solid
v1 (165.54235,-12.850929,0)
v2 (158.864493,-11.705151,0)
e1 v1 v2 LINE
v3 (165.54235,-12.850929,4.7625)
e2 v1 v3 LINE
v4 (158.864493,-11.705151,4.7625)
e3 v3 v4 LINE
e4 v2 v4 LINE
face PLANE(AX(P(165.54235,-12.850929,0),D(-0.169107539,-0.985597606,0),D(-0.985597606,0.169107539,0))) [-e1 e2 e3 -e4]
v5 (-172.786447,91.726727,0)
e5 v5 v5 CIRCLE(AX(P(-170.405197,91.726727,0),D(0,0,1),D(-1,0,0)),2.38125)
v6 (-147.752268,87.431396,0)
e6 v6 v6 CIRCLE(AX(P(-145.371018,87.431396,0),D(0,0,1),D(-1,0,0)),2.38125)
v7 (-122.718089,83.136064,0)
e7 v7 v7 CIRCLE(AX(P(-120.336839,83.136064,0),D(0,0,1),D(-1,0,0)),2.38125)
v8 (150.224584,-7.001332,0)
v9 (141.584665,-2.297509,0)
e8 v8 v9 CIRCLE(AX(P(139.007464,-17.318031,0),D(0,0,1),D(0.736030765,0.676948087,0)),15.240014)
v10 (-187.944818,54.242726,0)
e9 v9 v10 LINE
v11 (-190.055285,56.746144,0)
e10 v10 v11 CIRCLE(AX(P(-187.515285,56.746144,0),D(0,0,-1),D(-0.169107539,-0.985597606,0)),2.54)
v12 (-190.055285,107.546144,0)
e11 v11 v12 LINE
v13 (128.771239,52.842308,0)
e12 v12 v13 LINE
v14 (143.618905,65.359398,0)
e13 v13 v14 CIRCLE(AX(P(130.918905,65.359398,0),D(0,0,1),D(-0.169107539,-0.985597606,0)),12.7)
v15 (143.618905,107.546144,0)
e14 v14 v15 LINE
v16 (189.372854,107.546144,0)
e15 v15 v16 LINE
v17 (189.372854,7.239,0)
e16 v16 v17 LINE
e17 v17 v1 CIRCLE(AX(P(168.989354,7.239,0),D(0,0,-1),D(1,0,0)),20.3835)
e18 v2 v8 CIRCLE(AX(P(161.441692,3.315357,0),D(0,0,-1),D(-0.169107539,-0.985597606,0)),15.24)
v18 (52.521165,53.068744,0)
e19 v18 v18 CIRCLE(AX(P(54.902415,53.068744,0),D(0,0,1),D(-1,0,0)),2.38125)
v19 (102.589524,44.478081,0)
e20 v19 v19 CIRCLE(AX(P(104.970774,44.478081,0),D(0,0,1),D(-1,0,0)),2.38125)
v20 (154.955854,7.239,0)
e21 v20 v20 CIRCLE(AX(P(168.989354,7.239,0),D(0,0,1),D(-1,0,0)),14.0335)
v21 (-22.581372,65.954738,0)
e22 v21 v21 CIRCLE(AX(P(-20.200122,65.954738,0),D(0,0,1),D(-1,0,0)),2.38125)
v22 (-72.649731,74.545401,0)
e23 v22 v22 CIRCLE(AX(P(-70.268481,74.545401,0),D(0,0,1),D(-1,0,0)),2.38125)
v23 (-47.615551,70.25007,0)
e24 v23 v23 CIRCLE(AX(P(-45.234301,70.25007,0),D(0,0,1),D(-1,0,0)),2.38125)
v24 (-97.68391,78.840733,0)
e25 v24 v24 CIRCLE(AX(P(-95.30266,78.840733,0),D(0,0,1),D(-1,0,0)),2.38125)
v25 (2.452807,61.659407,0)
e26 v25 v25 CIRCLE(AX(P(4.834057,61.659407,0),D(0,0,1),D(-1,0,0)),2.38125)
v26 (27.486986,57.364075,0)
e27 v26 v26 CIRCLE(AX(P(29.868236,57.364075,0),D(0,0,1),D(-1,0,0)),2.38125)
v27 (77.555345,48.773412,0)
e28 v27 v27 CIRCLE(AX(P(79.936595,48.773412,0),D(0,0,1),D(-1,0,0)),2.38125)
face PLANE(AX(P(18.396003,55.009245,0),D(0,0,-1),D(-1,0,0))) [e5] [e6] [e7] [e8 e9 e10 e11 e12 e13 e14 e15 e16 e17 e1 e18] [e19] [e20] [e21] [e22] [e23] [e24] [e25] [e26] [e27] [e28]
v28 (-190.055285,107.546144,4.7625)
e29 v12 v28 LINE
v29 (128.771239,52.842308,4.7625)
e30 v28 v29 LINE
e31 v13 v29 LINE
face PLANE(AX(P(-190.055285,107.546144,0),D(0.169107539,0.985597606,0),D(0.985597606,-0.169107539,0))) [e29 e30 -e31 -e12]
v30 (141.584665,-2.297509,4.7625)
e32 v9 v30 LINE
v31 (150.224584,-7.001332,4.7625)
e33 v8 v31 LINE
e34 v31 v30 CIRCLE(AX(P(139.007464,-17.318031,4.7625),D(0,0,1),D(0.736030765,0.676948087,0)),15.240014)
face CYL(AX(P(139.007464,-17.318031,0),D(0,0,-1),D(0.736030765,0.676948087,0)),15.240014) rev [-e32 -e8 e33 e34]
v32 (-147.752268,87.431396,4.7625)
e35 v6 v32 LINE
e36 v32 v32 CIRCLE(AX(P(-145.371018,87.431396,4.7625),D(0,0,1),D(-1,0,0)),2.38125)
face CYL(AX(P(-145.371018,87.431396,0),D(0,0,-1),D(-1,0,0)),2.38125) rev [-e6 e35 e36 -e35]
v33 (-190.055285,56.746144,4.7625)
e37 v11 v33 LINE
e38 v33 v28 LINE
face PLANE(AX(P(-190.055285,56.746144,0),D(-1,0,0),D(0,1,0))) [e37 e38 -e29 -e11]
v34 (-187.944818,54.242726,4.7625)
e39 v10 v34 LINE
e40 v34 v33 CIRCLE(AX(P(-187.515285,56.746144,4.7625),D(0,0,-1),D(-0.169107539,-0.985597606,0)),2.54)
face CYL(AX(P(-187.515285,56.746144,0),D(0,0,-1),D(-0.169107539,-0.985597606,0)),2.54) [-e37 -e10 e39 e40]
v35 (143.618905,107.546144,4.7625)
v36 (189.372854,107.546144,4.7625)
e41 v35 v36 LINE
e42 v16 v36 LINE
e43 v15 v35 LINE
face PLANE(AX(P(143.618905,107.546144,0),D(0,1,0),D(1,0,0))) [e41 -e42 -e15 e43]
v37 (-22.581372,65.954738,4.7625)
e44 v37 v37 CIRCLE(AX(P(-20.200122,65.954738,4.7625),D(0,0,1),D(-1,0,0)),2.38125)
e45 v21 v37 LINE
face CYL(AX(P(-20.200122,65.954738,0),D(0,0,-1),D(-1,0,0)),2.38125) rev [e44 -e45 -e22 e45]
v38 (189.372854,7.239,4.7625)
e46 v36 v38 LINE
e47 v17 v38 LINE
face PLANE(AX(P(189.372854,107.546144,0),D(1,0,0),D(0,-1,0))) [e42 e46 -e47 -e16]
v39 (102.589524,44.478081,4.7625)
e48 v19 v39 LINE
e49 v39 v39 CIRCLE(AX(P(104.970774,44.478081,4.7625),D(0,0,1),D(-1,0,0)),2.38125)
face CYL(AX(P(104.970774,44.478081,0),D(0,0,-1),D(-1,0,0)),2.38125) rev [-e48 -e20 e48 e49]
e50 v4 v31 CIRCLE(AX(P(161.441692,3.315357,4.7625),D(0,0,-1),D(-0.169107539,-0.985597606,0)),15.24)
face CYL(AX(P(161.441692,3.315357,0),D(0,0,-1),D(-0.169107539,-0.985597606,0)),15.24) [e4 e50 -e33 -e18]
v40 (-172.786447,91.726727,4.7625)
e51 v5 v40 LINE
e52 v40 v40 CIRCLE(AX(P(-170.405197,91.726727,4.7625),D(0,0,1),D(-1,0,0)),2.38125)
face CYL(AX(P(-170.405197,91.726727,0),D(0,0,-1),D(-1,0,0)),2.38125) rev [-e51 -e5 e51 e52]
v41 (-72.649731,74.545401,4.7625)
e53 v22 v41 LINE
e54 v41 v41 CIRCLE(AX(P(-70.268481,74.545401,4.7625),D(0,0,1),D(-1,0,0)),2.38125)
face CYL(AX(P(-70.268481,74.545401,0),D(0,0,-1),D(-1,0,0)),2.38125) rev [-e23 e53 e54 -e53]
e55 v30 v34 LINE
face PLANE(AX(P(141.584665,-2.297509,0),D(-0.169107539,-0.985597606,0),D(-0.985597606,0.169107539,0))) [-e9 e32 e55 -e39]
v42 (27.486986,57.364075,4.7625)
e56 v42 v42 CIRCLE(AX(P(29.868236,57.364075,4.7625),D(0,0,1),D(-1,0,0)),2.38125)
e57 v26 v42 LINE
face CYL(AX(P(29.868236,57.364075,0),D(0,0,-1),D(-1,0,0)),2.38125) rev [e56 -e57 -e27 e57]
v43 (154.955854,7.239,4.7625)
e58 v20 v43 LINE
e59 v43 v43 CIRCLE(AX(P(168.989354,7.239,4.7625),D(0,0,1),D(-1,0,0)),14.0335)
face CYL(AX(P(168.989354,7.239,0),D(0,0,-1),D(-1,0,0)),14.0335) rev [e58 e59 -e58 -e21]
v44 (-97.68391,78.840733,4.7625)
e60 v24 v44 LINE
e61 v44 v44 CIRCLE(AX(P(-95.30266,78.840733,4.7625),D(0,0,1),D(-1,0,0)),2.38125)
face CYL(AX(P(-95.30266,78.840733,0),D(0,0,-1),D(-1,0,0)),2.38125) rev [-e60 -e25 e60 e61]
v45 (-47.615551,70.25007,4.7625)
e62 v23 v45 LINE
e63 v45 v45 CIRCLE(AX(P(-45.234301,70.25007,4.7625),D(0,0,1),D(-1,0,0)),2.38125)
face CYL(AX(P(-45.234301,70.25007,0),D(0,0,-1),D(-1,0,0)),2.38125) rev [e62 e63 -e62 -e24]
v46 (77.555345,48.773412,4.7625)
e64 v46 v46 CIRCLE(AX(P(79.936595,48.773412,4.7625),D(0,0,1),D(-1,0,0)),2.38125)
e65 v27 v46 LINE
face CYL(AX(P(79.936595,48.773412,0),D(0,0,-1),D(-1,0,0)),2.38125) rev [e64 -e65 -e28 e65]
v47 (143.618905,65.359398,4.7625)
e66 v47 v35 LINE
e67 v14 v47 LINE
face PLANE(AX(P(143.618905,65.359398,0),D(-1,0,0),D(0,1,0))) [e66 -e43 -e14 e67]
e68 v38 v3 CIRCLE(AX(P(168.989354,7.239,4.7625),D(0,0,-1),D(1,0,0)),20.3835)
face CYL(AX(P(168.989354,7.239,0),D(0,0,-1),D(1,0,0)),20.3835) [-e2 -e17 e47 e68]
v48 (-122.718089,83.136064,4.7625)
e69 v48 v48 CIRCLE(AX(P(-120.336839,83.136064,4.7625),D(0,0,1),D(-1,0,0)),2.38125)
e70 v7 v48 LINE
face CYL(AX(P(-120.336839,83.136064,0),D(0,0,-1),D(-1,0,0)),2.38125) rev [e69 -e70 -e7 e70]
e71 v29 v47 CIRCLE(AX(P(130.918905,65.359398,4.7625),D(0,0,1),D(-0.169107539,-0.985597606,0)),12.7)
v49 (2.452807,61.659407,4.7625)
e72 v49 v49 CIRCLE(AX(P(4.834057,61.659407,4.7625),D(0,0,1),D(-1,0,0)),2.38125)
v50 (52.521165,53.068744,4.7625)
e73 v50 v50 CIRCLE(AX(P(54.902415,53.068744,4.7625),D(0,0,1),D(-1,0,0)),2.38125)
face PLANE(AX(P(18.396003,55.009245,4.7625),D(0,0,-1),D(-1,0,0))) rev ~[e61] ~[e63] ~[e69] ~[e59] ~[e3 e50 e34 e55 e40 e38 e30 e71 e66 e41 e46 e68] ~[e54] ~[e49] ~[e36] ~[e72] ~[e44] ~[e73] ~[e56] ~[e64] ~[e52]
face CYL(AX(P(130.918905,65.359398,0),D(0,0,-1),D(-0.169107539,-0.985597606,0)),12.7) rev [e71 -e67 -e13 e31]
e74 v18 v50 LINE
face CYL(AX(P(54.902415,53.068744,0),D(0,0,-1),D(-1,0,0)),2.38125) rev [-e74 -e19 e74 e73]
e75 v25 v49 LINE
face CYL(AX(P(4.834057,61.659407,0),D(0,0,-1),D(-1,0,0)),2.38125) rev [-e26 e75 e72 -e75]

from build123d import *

# Parameters (mm, degrees)
SKETCH1_R           = 14.0335
SKETCH1_R_2         = 2.38125
BOSS_EXTRUDE1_DEPTH = 4.7625
CUT_EXTRUDE1_DEPTH  = 219.425881909


with BuildPart() as part:
    # Sketch1 → Boss-Extrude1 (new body)
    with BuildSketch(Plane.XY):
        with BuildLine():
            Line((165.542350471, -12.850928795), (158.864493489, -11.70515089))
            ThreePointArc((158.864493489, -11.70515089), (154.154566121, -10.06953751), (150.224583517, -7.001332225))
            ThreePointArc((150.224583517, -7.001332225), (146.294597206, -3.933124046), (141.584665397, -2.297509122))
            Line((141.584665397, -2.297509122), (-187.944818486, 54.242725653))
            ThreePointArc((-187.944818486, 54.242725653), (-189.457270687, 55.108983561), (-190.055285337, 56.746143572))
            Line((-190.055285337, 56.746143572), (-190.055285337, 107.546143572))
            Line((-190.055285337, 107.546143572), (128.771239178, 52.842308466))
            ThreePointArc((128.771239178, 52.842308466), (139.104704977, 55.649471309), (143.618904922, 65.359398058))
            Line((143.618904922, 65.359398058), (143.618904922, 107.546143572))
            Line((143.618904922, 107.546143572), (189.37285399, 107.546143572))
            Line((189.37285399, 107.546143572), (189.37285399, 7.239))
            ThreePointArc((189.37285399, 7.239), (182.127563077, -8.345432433), (165.542350471, -12.850928795))
        make_face()
        with Locations(Location((168.98935399, 7.239, 0), (0, 0, 180))):
            Circle(SKETCH1_R, mode=Mode.SUBTRACT)
        with Locations(Location((104.970773751, 44.478080628, 0), (0, 0, 180))):
            Circle(SKETCH1_R_2, mode=Mode.SUBTRACT)
        with Locations(Location((79.936594567, 48.773412116, 0), (0, 0, 180))):
            Circle(SKETCH1_R_2, mode=Mode.SUBTRACT)
        with Locations(Location((54.902415383, 53.068743605, 0), (0, 0, 180))):
            Circle(SKETCH1_R_2, mode=Mode.SUBTRACT)
        with Locations(Location((29.868236199, 57.364075093, 0), (0, 0, 180))):
            Circle(SKETCH1_R_2, mode=Mode.SUBTRACT)
        with Locations(Location((4.834057015, 61.659406581, 0), (0, 0, 180))):
            Circle(SKETCH1_R_2, mode=Mode.SUBTRACT)
        with Locations(Location((-20.200122168, 65.95473807, 0), (0, 0, 180))):
            Circle(SKETCH1_R_2, mode=Mode.SUBTRACT)
        with Locations(Location((-45.234301352, 70.250069558, 0), (0, 0, 180))):
            Circle(SKETCH1_R_2, mode=Mode.SUBTRACT)
        with Locations(Location((-70.268480536, 74.545401047, 0), (0, 0, 180))):
            Circle(SKETCH1_R_2, mode=Mode.SUBTRACT)
        with Locations(Location((-170.405197271, 91.726727, 0), (0, 0, 180))):
            Circle(SKETCH1_R_2, mode=Mode.SUBTRACT)
        with Locations(Location((-145.371018087, 87.431395512, 0), (0, 0, 180))):
            Circle(SKETCH1_R_2, mode=Mode.SUBTRACT)
        with Locations(Location((-120.336838903, 83.136064023, 0), (0, 0, 180))):
            Circle(SKETCH1_R_2, mode=Mode.SUBTRACT)
        with Locations(Location((-95.30265972, 78.840732535, 0), (0, 0, 180))):
            Circle(SKETCH1_R_2, mode=Mode.SUBTRACT)
    extrude(amount=BOSS_EXTRUDE1_DEPTH)

    # Sketch3 → Cut-Extrude1 (cut, through all)
    with BuildSketch(Plane.XY.offset(4.7625)):
        with BuildLine():
            Line((125.87285399, 333.30748602), (115.993328583, 323.427960612))
            ThreePointArc((115.993328583, 323.427960612), (112.023332702, 320.973988275), (107.375068785, 320.553881036))
            Line((107.375068785, 320.553881036), (17.92285399, 333.30748602))
            Line((17.92285399, 333.30748602), (125.87285399, 333.30748602))
        make_face()
    extrude(amount=-CUT_EXTRUDE1_DEPTH, mode=Mode.SUBTRACT)


solid = part.part
